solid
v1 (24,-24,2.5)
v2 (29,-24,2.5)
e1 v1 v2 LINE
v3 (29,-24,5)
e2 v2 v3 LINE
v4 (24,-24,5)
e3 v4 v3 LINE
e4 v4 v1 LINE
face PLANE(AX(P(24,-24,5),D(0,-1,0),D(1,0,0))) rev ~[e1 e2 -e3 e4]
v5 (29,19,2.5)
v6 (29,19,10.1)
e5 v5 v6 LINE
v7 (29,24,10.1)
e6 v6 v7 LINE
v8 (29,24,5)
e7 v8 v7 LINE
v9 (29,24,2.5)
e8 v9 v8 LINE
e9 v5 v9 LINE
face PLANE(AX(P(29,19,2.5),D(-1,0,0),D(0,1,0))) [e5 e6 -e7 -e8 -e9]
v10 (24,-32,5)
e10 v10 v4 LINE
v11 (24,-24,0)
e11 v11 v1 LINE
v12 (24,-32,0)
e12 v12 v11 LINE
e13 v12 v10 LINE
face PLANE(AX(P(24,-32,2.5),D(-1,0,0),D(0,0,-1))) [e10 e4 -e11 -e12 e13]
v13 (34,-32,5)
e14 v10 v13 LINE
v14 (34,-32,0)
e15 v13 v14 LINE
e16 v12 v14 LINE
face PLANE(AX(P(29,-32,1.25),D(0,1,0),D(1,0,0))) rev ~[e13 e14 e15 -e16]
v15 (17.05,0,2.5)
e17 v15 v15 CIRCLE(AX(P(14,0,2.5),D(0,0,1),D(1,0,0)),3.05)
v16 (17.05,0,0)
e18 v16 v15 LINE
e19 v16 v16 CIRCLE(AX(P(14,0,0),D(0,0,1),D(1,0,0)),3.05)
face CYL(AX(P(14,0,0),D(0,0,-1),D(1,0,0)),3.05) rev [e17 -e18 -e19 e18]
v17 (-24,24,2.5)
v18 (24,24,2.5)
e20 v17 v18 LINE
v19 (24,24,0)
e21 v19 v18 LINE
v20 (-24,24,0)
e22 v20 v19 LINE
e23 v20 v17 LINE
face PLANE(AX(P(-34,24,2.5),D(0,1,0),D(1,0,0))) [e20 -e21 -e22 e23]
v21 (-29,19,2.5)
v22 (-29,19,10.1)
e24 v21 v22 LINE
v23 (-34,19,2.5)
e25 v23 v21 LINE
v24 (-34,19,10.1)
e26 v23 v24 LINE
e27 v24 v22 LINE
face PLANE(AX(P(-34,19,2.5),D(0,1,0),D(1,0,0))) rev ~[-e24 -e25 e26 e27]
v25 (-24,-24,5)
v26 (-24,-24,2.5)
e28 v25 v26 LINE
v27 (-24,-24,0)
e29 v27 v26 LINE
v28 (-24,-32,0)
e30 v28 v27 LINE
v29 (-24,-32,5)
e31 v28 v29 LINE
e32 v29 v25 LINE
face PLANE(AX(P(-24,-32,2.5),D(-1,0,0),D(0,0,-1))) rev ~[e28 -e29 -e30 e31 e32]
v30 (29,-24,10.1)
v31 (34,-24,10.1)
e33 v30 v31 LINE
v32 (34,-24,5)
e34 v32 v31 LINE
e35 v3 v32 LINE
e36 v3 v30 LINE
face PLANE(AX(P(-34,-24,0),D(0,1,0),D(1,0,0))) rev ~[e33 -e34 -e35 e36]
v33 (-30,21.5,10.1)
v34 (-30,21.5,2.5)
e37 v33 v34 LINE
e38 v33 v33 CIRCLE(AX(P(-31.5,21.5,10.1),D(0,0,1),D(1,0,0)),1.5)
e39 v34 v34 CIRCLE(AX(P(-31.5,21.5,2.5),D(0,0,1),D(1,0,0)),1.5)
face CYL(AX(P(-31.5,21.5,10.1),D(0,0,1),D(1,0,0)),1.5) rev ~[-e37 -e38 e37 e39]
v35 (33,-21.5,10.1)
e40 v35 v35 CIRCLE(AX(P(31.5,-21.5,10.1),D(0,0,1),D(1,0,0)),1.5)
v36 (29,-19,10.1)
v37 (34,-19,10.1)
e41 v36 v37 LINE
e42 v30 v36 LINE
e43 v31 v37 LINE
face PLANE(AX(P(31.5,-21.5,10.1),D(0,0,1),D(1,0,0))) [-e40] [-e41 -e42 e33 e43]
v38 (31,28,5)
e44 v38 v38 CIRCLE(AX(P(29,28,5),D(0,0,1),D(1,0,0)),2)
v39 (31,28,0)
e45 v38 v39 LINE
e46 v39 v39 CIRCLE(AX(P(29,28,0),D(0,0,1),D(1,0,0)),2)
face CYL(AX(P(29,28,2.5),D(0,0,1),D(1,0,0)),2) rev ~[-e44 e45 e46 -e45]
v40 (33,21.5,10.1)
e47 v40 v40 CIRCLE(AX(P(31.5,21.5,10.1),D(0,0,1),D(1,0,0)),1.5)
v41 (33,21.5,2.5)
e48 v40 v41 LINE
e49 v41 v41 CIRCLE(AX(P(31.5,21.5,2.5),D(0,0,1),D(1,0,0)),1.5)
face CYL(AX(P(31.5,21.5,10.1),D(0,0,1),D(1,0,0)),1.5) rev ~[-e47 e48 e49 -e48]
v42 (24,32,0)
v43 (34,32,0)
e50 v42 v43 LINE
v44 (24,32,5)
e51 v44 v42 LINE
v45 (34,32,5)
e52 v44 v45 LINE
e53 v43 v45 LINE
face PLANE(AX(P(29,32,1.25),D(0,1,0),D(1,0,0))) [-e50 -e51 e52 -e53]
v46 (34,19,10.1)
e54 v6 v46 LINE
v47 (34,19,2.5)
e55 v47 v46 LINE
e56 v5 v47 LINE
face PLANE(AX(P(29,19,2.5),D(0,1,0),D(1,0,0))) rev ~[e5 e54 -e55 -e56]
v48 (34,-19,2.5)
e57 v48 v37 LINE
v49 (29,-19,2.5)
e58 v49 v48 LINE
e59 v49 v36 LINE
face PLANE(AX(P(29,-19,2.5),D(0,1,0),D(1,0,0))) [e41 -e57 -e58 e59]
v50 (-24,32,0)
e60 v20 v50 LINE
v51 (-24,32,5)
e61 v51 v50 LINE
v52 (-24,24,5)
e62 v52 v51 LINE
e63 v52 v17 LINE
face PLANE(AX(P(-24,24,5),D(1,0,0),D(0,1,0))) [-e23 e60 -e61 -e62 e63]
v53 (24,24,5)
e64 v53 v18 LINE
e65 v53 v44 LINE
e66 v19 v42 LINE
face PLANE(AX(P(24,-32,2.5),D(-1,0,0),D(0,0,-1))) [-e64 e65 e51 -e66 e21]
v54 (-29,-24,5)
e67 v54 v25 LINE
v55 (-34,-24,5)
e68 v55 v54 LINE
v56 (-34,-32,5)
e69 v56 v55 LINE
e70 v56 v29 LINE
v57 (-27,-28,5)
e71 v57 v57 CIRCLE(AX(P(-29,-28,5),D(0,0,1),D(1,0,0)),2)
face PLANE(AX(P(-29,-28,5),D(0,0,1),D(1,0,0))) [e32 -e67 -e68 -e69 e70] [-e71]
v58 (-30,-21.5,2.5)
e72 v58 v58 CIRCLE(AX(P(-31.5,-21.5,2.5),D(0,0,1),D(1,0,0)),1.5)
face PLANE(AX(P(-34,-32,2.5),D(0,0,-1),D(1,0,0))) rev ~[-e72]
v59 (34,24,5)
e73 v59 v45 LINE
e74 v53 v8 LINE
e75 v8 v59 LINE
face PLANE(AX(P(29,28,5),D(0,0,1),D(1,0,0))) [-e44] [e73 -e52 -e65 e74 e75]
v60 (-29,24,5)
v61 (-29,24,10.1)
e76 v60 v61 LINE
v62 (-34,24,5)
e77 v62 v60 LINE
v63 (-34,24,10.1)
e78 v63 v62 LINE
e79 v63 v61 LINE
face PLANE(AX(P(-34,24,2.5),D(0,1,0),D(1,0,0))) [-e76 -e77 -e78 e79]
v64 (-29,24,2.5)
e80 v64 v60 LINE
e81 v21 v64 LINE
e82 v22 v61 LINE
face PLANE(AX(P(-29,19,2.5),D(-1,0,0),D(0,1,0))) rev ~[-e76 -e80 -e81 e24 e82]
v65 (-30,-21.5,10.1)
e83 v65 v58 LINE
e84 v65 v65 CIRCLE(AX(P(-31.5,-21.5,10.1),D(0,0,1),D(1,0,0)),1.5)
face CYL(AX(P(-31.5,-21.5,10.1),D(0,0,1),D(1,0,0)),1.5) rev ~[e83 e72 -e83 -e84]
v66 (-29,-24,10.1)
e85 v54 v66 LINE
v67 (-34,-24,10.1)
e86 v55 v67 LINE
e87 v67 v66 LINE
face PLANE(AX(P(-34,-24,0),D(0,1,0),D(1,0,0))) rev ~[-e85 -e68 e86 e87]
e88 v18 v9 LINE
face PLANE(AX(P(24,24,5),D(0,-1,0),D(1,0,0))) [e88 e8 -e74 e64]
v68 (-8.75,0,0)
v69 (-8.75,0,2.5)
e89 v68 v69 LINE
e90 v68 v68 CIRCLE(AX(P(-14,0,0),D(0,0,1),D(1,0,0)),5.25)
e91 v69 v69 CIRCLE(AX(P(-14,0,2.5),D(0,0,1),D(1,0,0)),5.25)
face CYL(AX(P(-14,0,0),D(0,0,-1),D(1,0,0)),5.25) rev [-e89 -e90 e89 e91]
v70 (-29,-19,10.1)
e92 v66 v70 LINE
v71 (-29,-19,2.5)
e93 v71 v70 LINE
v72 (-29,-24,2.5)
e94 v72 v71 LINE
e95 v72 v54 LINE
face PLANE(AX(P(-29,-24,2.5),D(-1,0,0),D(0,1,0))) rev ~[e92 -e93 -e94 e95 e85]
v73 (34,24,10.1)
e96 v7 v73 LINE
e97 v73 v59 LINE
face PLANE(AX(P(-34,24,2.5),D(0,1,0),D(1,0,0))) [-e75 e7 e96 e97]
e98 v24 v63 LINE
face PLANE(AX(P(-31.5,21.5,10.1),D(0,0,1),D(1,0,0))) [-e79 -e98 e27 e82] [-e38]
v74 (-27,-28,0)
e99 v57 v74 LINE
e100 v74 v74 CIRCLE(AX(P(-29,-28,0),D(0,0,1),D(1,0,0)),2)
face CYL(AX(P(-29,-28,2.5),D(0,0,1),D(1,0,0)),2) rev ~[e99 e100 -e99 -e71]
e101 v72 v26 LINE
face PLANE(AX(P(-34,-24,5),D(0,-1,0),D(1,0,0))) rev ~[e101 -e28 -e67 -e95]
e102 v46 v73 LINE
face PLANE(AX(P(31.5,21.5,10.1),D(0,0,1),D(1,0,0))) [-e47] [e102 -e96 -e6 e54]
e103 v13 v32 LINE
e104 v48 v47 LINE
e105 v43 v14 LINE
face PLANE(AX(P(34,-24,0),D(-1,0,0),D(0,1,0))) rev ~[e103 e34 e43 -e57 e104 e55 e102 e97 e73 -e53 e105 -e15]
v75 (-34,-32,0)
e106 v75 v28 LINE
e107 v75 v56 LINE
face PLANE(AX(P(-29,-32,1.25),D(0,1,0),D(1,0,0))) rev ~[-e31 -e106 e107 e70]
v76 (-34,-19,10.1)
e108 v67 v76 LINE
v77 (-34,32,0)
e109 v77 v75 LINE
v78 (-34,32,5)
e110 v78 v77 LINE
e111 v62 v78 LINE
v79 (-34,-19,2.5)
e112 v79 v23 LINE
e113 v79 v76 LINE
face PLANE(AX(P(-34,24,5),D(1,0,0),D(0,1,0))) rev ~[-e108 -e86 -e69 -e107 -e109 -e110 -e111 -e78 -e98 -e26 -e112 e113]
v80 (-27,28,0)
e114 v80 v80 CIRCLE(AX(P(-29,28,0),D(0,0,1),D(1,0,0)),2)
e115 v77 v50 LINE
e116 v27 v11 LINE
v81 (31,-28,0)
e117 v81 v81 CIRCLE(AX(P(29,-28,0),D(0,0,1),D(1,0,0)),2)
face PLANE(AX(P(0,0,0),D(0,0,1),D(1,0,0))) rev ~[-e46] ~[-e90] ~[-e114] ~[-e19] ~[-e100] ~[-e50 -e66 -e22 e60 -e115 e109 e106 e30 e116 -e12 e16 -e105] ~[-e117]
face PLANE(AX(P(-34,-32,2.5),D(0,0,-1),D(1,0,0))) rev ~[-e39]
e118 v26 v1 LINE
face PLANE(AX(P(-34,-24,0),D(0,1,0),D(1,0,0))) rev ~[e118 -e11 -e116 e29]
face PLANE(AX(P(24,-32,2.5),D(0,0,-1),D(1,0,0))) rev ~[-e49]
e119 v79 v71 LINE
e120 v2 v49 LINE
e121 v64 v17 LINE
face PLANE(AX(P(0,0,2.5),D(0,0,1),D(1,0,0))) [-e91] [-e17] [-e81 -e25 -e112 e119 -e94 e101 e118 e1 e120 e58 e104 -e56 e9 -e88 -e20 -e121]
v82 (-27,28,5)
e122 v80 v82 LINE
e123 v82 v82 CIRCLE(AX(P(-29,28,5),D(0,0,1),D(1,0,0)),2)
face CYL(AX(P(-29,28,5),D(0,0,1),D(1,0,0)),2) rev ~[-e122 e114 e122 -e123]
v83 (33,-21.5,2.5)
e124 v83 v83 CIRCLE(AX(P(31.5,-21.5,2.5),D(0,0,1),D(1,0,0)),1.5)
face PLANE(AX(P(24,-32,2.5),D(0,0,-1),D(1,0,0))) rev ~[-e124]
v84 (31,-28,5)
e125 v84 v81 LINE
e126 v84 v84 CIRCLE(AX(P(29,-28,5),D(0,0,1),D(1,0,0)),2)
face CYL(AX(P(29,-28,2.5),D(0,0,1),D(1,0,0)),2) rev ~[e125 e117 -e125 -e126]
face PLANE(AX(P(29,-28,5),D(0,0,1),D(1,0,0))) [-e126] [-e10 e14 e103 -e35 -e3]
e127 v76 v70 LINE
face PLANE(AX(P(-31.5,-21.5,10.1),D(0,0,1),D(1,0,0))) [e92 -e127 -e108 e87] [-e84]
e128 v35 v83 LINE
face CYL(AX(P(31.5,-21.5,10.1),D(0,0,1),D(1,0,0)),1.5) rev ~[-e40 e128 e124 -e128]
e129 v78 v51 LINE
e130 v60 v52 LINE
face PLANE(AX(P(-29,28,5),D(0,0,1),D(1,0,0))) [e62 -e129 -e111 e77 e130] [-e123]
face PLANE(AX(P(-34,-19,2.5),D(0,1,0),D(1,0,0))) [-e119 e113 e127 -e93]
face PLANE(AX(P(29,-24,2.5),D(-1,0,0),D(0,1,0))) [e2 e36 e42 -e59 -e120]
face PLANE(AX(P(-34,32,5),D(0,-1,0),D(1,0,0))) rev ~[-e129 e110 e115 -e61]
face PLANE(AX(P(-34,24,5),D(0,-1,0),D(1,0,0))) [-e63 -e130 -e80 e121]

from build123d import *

# Parameters (mm, degrees)
SKICA1_W                     = 68
SKICA1_H                     = 48
SKICA1_R                     = 5.25
SKICA1_R_2                   = 3.05
P_IDAT_VYSUNUT_M1_DEPTH      = 2.5
SKICA2_W                     = 5
SKICA2_H                     = 5
P_IDAT_VYSUNUT_M2_DEPTH      = 7.6
SKICA3_R                     = 1.5
ODEBRAT_VYSUNUT_M1_DEPTH     = 10.1
SKICA8_R                     = 1.5
ODEBRAT_VYSUNUT_M2_DEPTH     = 10.1
SKICA9_R                     = 1.5
ODEBRAT_VYSUNUT_M3_DEPTH     = 10.1
SKICA10_R                    = 1.5
ODEBRAT_VYSUNUT_M4_DEPTH     = 10.1
P_IDAT_VYSUNUT_M3_DEPTH      = 8
P_IDAT_VYSUNUT_M3_DEPTH_BACK = 56
SKICA11_W                    = 10
SKICA11_H                    = 2.5
SKICA12_R                    = 2
ODEBRAT_VYSUNUT_M5_DEPTH     = 8
P_IDAT_START                 = 2.5
SKICA13_W                    = 10
SKICA13_H                    = 8
SKICA13_R                    = 2
P_IDAT_VYSUNUT_M4_DEPTH      = 2.5


with BuildPart() as part:
    # Skica1 → Přidat vysunutím1 (new body)
    with BuildSketch(Plane.XY):
        Rectangle(SKICA1_W, SKICA1_H)
        with Locations((-14, 0)):
            Circle(SKICA1_R, mode=Mode.SUBTRACT)
        with Locations((14, 0)):
            Circle(SKICA1_R_2, mode=Mode.SUBTRACT)
    extrude(amount=P_IDAT_VYSUNUT_M1_DEPTH)

    # Skica2 → Přidat vysunutím2 (add)
    with BuildSketch(Plane.XY.offset(2.5)):
        with Locations((-31.5, 21.5)):
            Rectangle(SKICA2_W, SKICA2_H)
        with Locations((31.5, 21.5)):
            Rectangle(SKICA2_W, SKICA2_H)
        with Locations((31.5, -21.5)):
            Rectangle(SKICA2_W, SKICA2_H)
        with Locations((-31.5, -21.5)):
            Rectangle(SKICA2_W, SKICA2_H)
    extrude(amount=P_IDAT_VYSUNUT_M2_DEPTH)

    # Skica3 → Odebrat vysunutím1 (cut)
    with BuildSketch(Plane.XY.offset(10.1)):
        with Locations((-31.5, 21.5)):
            Circle(SKICA3_R)
    extrude(amount=-ODEBRAT_VYSUNUT_M1_DEPTH, mode=Mode.SUBTRACT)

    # Skica8 → Odebrat vysunutím2 (cut)
    with BuildSketch(Plane.XY.offset(10.1)):
        with Locations((31.5, 21.5)):
            Circle(SKICA8_R)
    extrude(amount=-ODEBRAT_VYSUNUT_M2_DEPTH, mode=Mode.SUBTRACT)

    # Skica9 → Odebrat vysunutím3 (cut)
    with BuildSketch(Plane.XY.offset(10.1)):
        with Locations((31.5, -21.5)):
            Circle(SKICA9_R)
    extrude(amount=-ODEBRAT_VYSUNUT_M3_DEPTH, mode=Mode.SUBTRACT)

    # Skica10 → Odebrat vysunutím4 (cut)
    with BuildSketch(Plane.XY.offset(10.1)):
        with Locations((-31.5, -21.5)):
            Circle(SKICA10_R)
    extrude(amount=-ODEBRAT_VYSUNUT_M4_DEPTH, mode=Mode.SUBTRACT)

    # Skica11 → Přidat vysunutím3 (add, two sides: drawn at the far end of the back side and taken through both)
    with BuildSketch(Plane(origin=(0, 24, 0), x_dir=(1, 0, 0), z_dir=(0, 1, 0)).offset(-P_IDAT_VYSUNUT_M3_DEPTH_BACK)):
        with Locations((-29, -1.25)):
            Rectangle(SKICA11_W, SKICA11_H)
        with Locations((29, -1.25)):
            Rectangle(SKICA11_W, SKICA11_H)
    extrude(amount=P_IDAT_VYSUNUT_M3_DEPTH + P_IDAT_VYSUNUT_M3_DEPTH_BACK)

    # Skica12 → Odebrat vysunutím5 (cut)
    with BuildSketch(Plane.XY.offset(2.5)):
        with Locations((-29, 28)):
            Circle(SKICA12_R)
        with Locations((29, 28)):
            Circle(SKICA12_R)
        with Locations((29, -28)):
            Circle(SKICA12_R)
        with Locations((-29, -28)):
            Circle(SKICA12_R)
    extrude(amount=-ODEBRAT_VYSUNUT_M5_DEPTH, mode=Mode.SUBTRACT)

    # Skica13 → Přidat vysunutím4 (add)
    # profile 1 of 4: a face of its own
    with BuildSketch(Plane.XY.offset(2.5).offset(P_IDAT_START)):
        with Locations((-29, 28)):
            Rectangle(SKICA13_W, SKICA13_H)
        with Locations((-29, 28)):
            Circle(SKICA13_R, mode=Mode.SUBTRACT)
    # profile 2 of 4: a face of its own
    with BuildSketch(Plane.XY.offset(2.5).offset(P_IDAT_START)):
        with Locations((29, 28)):
            Rectangle(SKICA13_W, SKICA13_H)
        with Locations((29, 28)):
            Circle(SKICA13_R, mode=Mode.SUBTRACT)
    # profile 3 of 4: a face of its own
    with BuildSketch(Plane.XY.offset(2.5).offset(P_IDAT_START)):
        with Locations((29, -28)):
            Rectangle(SKICA13_W, SKICA13_H)
        with Locations((29, -28)):
            Circle(SKICA13_R, mode=Mode.SUBTRACT)
    # profile 4 of 4: a face of its own
    with BuildSketch(Plane.XY.offset(2.5).offset(P_IDAT_START)):
        with Locations((-29, -28)):
            Rectangle(SKICA13_W, SKICA13_H)
        with Locations((-29, -28)):
            Circle(SKICA13_R, mode=Mode.SUBTRACT)
    extrude(amount=-P_IDAT_VYSUNUT_M4_DEPTH)


solid = part.part
